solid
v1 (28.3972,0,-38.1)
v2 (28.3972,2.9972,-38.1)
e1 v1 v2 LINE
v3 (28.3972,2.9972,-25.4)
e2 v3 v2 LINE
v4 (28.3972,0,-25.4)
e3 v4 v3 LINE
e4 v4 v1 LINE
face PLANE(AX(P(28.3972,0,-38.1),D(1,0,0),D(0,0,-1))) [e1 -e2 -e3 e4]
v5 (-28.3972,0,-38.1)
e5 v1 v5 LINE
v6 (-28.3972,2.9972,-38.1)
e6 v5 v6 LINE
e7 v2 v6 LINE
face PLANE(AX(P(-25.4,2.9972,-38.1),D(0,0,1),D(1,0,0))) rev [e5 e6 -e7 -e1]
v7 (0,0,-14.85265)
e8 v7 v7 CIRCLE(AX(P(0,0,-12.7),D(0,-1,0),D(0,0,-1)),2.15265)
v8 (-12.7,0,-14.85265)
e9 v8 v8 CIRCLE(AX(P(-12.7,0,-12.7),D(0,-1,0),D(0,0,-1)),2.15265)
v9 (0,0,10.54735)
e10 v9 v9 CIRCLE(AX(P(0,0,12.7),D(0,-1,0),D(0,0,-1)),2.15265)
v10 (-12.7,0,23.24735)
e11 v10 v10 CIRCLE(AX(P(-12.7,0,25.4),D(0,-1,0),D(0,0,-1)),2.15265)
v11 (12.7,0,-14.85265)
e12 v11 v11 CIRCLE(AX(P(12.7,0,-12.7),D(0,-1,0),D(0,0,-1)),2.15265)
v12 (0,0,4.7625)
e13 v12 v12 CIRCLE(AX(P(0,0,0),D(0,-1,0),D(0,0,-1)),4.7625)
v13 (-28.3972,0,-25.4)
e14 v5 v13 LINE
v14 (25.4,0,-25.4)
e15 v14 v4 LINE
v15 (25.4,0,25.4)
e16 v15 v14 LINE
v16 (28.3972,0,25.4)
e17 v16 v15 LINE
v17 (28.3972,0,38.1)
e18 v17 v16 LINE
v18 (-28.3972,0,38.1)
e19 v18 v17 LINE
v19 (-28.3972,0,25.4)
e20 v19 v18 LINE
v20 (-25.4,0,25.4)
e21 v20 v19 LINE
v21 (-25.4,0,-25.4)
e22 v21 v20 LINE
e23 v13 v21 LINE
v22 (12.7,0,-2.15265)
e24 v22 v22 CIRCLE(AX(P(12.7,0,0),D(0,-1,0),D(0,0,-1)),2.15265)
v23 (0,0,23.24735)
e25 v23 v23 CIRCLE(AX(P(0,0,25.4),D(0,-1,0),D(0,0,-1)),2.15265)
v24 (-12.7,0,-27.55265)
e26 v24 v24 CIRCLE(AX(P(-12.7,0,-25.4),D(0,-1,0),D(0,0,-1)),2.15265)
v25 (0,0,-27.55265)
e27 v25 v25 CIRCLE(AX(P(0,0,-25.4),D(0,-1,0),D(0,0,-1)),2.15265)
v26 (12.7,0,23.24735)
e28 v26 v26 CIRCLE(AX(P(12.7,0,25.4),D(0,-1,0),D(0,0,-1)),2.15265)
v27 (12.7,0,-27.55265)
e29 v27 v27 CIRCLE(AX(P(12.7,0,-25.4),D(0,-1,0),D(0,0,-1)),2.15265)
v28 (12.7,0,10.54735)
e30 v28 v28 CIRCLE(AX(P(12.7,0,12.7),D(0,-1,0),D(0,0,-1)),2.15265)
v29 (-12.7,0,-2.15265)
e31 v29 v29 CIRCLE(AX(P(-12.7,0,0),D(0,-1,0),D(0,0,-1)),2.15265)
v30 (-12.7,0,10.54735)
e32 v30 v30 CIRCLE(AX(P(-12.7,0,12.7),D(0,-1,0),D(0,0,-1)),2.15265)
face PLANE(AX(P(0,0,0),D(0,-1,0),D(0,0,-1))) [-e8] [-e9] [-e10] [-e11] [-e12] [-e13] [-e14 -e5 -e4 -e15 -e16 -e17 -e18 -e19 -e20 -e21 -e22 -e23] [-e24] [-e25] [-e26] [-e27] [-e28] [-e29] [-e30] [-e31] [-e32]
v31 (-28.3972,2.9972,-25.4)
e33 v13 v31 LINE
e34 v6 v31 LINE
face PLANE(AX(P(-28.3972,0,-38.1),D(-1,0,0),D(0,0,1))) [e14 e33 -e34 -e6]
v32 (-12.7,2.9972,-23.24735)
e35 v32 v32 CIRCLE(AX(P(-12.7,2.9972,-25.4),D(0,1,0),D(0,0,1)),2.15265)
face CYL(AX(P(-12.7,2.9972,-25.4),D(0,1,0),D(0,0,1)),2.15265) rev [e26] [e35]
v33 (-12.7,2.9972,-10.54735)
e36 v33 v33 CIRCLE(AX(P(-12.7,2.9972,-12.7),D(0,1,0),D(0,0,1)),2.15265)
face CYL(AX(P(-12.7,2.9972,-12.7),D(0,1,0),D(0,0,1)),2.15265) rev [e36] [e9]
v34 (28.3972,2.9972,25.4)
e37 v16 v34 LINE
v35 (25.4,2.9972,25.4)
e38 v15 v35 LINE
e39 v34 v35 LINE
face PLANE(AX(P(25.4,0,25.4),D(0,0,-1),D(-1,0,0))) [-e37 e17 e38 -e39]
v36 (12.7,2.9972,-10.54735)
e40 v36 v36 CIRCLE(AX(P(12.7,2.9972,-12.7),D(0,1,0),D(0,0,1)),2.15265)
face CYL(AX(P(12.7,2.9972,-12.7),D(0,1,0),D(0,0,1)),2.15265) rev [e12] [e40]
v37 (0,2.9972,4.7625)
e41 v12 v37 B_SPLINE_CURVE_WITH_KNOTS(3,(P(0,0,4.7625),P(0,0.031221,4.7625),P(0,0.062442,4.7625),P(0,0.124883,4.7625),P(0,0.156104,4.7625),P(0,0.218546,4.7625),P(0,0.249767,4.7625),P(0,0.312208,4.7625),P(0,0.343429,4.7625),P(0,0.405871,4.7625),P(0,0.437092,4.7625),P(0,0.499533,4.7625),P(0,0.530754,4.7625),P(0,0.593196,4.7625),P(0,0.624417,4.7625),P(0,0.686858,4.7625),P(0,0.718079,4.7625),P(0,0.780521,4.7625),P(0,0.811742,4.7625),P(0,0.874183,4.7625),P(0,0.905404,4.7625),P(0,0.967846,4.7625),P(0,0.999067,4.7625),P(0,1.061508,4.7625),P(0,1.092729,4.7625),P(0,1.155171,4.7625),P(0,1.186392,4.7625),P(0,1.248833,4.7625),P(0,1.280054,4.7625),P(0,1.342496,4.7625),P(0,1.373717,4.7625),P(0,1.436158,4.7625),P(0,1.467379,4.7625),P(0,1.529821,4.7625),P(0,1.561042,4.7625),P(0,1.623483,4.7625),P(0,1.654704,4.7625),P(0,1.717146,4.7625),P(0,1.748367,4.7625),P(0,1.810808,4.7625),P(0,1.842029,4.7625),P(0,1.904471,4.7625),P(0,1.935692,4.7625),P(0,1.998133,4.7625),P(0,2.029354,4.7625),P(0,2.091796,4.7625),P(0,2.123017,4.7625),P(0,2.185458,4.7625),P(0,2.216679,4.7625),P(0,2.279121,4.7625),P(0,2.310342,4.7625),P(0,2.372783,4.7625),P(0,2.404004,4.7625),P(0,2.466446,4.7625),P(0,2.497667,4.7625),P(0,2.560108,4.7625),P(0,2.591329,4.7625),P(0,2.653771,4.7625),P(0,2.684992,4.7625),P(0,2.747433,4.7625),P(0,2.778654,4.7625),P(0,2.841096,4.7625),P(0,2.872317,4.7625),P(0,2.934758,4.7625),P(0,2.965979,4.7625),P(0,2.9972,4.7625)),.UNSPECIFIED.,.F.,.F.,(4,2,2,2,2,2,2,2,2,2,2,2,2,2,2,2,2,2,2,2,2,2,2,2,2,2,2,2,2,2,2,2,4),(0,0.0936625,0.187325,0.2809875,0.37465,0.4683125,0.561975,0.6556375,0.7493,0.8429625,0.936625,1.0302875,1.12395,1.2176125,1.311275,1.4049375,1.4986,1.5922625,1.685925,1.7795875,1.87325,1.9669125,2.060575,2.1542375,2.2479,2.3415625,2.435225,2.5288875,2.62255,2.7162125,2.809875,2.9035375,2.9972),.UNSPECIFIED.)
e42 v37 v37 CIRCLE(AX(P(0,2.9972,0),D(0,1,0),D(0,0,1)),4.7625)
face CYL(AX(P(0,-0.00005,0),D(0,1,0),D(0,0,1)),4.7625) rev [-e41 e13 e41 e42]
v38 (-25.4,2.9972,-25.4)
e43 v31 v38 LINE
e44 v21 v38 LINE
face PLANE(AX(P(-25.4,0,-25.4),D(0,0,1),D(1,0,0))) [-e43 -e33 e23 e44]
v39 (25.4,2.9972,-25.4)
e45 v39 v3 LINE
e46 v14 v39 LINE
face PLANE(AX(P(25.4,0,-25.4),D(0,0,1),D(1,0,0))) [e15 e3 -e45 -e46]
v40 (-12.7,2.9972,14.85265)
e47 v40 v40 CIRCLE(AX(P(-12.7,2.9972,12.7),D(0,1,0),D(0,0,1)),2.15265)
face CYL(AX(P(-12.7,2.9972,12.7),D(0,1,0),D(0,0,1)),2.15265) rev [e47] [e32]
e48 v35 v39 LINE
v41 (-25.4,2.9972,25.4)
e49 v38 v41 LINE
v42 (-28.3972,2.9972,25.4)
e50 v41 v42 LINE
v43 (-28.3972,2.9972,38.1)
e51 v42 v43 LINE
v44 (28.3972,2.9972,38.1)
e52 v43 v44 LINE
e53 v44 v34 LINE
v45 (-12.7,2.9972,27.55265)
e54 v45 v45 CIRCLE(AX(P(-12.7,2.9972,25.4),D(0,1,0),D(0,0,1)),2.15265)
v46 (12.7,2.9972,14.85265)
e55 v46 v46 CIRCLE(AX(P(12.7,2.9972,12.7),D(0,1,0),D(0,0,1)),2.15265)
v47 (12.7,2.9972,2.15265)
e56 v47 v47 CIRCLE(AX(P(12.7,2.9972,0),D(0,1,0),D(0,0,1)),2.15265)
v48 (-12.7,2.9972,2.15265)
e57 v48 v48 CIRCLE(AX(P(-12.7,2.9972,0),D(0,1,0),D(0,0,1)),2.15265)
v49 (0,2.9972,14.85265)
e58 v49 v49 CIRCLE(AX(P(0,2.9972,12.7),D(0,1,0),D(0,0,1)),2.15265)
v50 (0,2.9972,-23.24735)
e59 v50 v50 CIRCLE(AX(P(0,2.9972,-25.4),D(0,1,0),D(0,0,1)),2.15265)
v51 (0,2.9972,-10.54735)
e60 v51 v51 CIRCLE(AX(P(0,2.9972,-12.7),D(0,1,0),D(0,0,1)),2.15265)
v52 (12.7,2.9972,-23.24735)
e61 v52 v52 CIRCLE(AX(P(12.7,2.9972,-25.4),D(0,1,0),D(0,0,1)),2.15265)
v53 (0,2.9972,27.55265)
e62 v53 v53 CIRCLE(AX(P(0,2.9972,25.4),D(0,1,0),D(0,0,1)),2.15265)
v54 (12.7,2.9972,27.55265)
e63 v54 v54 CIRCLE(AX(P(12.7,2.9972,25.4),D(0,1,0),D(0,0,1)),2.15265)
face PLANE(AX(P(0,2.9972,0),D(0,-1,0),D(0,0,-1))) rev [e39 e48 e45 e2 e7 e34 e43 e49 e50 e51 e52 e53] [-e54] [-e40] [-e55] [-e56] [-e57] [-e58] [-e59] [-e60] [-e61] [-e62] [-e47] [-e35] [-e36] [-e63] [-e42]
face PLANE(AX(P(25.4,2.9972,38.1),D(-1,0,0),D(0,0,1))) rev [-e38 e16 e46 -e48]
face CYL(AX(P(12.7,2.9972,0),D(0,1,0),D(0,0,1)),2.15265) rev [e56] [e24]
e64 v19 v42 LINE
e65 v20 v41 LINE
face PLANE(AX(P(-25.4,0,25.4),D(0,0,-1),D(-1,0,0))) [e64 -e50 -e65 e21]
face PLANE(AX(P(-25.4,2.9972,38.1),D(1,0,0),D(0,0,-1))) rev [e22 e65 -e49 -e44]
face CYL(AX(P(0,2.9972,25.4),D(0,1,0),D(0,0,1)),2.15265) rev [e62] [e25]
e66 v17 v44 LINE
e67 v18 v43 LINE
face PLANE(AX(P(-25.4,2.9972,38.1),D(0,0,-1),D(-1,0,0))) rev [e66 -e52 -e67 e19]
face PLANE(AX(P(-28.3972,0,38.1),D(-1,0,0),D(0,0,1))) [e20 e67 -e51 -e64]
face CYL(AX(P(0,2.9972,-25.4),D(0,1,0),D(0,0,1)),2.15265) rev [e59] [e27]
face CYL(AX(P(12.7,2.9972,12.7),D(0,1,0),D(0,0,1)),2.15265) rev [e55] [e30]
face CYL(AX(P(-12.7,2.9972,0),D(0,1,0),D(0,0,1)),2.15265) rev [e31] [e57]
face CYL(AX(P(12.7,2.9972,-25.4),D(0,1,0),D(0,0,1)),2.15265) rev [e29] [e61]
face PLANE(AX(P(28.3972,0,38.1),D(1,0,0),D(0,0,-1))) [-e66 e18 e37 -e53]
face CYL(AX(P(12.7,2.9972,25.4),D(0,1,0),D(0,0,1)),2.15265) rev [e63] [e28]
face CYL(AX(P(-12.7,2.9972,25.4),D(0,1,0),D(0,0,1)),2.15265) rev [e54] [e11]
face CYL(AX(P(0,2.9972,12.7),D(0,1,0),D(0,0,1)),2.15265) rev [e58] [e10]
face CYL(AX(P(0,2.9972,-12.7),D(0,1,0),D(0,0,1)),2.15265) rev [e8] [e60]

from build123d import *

# Parameters (mm, degrees)
SKETCH1_W                 = 50.8
SKETCH1_H                 = 76.2
BOSS_EXTRUDE1_DEPTH       = 2.9972
SKETCH2_W                 = 2.9972
SKETCH2_H                 = 12.7
BOSS_EXTRUDE2_DEPTH       = 2.9972
F_8_CLEARANCE_HOLE1_D     = 4.3053
F_8_CLEARANCE_HOLE1_DEPTH = 6.351016
SKETCH6_R                 = 4.7625
CUT_EXTRUDE1_DEPTH        = 48.612962265


with BuildPart() as part:
    # Sketch1 → Boss-Extrude1 (new body)
    with BuildSketch(Plane(origin=(0, 0, 0), x_dir=(1, 0, 0), z_dir=(0, 1, 0))):
        Rectangle(SKETCH1_W, SKETCH1_H)
    extrude(amount=BOSS_EXTRUDE1_DEPTH)

    # Sketch2 → Boss-Extrude2 (add)
    with BuildSketch(Plane(origin=(0, 2.9972, 0), x_dir=(1, 0, 0), z_dir=(0, 1, 0))):
        with Locations((26.8986, 31.75)):
            Rectangle(SKETCH2_W, SKETCH2_H)
        with Locations((26.8986, -31.75)):
            Rectangle(SKETCH2_W, SKETCH2_H)
        with Locations((-26.8986, -31.75)):
            Rectangle(SKETCH2_W, SKETCH2_H)
        with Locations((-26.8986, 31.75)):
            Rectangle(SKETCH2_W, SKETCH2_H)
    extrude(amount=-BOSS_EXTRUDE2_DEPTH)

    # #8 Clearance Hole1
    with Locations(Plane(origin=(0, 2.9972, 0), x_dir=(1, 0, 0), z_dir=(0, 1, 0))):
        with Locations((12.7, -25.4), (0, -25.4), (-12.7, -25.4), (-12.7, -12.7), (0, -12.7), (12.7, -12.7), (-12.7, 0), (0, 0), (12.7, 0), (12.7, 12.7), (0, 12.7), (-12.7, 12.7), (-12.7, 25.4), (0, 25.4), (12.7, 25.4)):
            Hole(F_8_CLEARANCE_HOLE1_D / 2, depth=F_8_CLEARANCE_HOLE1_DEPTH)

    # Sketch6 → Cut-Extrude1 (cut, through all)
    with BuildSketch(Plane(origin=(0, 2.9972, 0), x_dir=(1, 0, 0), z_dir=(0, 1, 0))):
        with Locations(Location((0, 0, 0), (0, 0, 270))):
            Circle(SKETCH6_R)
    extrude(amount=-CUT_EXTRUDE1_DEPTH, mode=Mode.SUBTRACT)


solid = part.part
